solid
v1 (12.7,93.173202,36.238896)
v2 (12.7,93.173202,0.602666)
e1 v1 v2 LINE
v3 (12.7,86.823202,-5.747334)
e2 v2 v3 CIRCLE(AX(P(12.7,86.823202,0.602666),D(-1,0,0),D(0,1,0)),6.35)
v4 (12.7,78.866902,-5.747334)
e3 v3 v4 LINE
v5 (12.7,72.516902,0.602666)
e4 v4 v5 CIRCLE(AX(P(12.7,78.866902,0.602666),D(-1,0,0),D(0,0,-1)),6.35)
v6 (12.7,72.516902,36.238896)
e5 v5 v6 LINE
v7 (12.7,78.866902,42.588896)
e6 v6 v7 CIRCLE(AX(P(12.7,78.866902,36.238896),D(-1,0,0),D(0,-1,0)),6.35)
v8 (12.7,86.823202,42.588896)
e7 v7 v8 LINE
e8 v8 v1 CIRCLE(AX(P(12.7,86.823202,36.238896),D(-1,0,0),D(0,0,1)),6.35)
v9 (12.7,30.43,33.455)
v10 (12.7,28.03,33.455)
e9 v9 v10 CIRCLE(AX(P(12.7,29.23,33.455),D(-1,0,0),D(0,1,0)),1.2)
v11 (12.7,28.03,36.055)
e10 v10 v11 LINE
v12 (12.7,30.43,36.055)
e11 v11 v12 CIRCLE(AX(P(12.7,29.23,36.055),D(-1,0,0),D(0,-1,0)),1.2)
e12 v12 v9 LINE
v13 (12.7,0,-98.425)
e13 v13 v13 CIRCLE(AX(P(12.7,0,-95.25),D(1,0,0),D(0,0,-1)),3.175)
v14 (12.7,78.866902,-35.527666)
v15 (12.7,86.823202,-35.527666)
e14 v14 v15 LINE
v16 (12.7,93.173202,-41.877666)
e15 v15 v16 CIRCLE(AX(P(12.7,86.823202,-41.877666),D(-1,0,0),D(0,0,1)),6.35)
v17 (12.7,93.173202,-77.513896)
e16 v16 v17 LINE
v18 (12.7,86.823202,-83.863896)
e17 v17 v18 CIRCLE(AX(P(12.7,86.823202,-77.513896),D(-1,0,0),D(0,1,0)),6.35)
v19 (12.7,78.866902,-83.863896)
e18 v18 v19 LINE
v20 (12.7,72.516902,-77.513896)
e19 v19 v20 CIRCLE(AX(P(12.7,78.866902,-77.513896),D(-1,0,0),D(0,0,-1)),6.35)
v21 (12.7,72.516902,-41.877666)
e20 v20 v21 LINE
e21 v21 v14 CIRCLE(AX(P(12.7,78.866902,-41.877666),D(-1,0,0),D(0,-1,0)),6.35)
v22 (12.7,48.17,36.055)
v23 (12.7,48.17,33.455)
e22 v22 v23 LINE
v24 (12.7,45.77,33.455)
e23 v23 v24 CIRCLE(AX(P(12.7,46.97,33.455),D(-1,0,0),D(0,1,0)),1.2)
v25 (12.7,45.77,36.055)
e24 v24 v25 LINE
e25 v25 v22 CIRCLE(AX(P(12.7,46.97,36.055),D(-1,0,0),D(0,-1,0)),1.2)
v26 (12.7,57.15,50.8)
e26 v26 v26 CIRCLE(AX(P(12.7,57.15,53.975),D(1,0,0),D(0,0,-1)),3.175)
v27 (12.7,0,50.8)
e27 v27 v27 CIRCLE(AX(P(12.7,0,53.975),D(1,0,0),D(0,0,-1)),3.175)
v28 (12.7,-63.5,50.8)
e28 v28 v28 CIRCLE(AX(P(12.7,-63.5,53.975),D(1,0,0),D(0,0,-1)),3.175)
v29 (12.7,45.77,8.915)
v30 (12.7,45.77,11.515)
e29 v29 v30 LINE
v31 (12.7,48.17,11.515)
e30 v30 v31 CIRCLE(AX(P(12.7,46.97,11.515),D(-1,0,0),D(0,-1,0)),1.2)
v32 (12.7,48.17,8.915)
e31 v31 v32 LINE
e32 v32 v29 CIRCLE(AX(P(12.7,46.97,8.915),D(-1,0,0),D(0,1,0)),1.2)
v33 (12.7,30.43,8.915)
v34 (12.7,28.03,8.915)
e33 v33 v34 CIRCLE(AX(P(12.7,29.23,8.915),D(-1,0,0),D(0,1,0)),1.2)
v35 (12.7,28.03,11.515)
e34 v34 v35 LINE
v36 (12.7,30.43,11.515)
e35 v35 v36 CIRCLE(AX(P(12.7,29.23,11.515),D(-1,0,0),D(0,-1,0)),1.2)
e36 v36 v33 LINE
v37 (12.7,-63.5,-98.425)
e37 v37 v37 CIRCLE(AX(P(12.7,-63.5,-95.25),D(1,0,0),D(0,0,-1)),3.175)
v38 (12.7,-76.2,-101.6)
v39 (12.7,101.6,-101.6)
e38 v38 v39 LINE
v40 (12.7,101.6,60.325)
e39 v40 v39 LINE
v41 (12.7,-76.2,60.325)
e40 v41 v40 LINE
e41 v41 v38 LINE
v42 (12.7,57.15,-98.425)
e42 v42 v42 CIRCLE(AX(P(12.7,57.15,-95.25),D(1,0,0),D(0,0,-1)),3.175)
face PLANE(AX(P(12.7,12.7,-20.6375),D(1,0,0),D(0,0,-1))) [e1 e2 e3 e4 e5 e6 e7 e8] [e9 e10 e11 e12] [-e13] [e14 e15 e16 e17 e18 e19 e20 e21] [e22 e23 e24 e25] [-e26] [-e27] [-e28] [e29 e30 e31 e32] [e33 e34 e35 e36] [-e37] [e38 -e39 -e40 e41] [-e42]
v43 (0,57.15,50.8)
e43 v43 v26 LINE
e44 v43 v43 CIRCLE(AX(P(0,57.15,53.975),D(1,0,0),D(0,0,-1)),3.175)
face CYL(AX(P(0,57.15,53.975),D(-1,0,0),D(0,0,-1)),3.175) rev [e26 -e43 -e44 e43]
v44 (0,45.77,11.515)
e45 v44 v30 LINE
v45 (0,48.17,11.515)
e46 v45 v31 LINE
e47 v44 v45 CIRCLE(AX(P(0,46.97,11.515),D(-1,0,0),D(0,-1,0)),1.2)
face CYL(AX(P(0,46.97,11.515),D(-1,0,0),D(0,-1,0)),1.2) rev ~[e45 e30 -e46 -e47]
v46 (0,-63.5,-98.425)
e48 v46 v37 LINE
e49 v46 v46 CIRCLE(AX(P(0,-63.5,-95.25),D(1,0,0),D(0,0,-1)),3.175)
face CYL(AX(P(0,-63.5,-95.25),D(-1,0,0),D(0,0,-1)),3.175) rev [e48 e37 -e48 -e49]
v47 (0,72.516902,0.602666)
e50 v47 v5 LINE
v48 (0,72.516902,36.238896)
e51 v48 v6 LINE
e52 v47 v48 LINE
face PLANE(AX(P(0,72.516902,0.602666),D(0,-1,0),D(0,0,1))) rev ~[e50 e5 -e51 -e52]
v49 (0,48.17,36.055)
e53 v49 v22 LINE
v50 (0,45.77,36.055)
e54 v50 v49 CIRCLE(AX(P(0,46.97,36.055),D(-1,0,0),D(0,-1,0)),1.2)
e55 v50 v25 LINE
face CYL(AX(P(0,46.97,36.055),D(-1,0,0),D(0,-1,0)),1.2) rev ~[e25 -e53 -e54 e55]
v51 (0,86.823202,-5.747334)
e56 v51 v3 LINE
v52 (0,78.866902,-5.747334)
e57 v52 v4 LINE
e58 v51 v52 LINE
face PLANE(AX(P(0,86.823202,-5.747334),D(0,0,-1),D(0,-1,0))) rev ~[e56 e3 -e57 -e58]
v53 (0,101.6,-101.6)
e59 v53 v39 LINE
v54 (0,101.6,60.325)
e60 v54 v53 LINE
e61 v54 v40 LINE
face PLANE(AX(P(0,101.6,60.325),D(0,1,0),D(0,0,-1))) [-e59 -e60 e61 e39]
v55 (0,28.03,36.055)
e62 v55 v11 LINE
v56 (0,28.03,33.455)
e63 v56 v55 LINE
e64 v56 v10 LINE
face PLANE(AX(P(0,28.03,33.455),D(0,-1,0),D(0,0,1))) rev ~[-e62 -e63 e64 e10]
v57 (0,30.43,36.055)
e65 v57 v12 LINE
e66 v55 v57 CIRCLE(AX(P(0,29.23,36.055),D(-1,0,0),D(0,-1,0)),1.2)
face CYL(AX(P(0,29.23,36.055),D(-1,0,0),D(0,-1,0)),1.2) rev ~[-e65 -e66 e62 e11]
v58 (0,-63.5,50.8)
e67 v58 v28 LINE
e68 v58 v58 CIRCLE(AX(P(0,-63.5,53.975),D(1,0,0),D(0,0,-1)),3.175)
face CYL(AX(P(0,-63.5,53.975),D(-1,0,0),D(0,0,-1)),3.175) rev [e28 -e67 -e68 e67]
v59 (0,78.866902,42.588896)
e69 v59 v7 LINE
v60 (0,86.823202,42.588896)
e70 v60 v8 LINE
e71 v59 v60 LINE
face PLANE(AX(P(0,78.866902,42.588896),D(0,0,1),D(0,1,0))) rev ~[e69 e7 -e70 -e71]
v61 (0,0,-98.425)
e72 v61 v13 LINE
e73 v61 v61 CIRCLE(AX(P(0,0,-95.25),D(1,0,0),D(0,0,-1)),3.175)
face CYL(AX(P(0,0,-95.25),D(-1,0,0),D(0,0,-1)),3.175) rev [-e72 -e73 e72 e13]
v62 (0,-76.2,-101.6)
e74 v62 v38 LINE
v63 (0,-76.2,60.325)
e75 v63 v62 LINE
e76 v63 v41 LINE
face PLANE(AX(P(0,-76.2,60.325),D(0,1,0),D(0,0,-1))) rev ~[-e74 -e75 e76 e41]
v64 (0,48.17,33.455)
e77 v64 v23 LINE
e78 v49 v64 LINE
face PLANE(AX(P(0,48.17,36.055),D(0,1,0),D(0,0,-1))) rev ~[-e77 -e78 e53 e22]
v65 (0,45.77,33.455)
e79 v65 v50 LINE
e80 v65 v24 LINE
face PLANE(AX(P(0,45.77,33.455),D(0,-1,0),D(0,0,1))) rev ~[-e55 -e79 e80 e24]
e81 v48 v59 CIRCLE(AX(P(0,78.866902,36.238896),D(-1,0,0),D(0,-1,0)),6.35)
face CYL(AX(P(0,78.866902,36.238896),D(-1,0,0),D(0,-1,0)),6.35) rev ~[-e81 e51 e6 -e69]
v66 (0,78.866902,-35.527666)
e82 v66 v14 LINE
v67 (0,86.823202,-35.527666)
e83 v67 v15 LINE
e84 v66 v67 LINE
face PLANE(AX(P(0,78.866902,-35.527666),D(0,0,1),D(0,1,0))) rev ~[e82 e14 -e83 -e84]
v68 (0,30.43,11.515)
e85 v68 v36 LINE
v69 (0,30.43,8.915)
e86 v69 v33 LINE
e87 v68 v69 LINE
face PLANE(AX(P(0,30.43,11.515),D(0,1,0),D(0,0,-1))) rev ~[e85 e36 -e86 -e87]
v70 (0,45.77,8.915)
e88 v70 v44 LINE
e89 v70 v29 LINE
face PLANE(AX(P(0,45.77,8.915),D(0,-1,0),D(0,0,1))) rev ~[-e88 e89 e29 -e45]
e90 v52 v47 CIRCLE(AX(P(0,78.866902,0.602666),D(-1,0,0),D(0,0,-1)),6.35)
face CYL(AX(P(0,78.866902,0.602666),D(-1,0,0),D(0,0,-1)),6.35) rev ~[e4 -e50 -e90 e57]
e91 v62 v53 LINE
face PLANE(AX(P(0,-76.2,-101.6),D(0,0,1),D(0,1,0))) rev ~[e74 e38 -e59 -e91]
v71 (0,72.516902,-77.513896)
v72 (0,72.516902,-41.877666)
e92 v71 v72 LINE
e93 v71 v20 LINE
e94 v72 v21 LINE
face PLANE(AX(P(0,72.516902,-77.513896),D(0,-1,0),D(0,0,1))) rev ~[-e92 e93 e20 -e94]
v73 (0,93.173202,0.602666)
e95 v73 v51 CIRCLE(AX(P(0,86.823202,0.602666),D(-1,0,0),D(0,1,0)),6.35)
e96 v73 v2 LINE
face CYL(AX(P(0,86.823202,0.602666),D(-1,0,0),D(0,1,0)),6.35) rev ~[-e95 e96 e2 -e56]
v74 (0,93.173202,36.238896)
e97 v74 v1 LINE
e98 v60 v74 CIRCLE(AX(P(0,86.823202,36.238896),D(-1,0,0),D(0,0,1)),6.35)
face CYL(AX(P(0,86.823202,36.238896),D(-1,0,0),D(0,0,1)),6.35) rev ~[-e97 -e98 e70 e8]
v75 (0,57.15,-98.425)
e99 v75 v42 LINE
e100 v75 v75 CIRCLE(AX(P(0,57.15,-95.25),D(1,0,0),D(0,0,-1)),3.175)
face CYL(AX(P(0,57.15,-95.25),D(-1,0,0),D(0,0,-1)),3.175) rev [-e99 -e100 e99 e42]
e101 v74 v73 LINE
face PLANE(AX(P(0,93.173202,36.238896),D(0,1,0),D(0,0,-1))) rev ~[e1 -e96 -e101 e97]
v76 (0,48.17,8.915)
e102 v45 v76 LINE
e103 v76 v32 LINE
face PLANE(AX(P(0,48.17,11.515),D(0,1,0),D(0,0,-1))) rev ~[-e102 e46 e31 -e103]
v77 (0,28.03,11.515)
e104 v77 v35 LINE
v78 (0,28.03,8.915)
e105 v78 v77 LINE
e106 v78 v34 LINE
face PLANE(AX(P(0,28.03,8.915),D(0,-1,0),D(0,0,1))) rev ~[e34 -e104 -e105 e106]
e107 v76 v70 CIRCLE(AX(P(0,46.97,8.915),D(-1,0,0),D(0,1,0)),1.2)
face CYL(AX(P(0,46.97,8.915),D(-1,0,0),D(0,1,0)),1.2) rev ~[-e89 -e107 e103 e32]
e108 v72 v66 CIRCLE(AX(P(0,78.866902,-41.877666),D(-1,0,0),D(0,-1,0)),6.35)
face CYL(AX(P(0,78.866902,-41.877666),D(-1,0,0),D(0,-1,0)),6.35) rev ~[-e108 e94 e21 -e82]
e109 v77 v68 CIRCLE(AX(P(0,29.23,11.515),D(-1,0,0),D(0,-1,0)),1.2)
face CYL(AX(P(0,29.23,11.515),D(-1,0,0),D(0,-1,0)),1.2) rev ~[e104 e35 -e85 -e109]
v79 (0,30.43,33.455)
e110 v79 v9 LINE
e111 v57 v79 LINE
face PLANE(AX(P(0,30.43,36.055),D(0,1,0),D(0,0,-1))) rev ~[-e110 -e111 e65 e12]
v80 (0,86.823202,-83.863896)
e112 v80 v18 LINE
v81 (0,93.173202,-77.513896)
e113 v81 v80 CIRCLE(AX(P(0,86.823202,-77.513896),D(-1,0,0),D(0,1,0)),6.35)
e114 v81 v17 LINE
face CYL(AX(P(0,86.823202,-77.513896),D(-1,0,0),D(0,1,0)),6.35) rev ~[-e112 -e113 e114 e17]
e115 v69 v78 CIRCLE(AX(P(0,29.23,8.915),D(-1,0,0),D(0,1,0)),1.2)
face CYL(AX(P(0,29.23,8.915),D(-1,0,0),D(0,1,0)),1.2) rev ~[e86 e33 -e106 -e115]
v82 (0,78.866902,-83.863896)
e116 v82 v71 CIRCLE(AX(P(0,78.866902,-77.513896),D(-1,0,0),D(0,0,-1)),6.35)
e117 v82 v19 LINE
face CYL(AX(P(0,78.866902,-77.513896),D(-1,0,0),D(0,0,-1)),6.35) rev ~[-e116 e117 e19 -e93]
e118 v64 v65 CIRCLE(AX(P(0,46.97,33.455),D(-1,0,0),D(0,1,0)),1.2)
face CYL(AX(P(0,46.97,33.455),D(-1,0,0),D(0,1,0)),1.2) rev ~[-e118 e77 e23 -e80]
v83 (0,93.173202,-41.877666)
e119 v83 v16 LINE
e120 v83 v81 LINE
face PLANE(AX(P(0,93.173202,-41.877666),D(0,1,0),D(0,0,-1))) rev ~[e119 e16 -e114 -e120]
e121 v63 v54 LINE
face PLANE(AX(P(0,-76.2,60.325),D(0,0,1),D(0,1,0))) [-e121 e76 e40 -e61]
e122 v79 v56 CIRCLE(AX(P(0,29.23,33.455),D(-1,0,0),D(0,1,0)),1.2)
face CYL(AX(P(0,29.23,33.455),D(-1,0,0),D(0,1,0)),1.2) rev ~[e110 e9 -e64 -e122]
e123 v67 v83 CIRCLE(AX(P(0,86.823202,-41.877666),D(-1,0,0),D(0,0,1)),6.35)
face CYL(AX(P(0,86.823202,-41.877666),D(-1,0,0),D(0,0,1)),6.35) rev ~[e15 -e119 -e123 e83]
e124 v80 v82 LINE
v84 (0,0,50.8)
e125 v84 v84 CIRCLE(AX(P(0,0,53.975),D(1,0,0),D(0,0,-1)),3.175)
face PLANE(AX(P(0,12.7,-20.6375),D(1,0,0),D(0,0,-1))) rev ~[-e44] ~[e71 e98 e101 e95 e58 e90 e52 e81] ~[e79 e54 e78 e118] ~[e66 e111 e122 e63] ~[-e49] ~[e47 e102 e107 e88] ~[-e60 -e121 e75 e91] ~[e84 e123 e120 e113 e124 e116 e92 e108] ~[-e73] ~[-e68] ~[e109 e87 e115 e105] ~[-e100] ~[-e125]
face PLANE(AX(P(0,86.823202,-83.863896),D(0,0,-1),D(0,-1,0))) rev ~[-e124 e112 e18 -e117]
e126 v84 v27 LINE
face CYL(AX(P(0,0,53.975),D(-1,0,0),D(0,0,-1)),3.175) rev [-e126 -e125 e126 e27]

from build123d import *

# Parameters (mm, degrees)
SKETCH1_W           = 161.925
SKETCH1_H           = 177.8
SKETCH1_R           = 3.175
BOSS_EXTRUDE1_DEPTH = 12.7


with BuildPart() as part:
    # Sketch1 → Boss-Extrude1 (new body)
    with BuildSketch(Plane(origin=(0, 0, 0), x_dir=(0, 0, -1), z_dir=(1, 0, 0))):
        with Locations((20.6375, 12.7)):
            Rectangle(SKETCH1_W, SKETCH1_H)
        with Locations((-53.975, -63.5)):
            Circle(SKETCH1_R, mode=Mode.SUBTRACT)
        with Locations((-53.975, 0)):
            Circle(SKETCH1_R, mode=Mode.SUBTRACT)
        with Locations((95.25, -63.5)):
            Circle(SKETCH1_R, mode=Mode.SUBTRACT)
        with Locations((95.25, 0)):
            Circle(SKETCH1_R, mode=Mode.SUBTRACT)
        with BuildLine():
            ThreePointArc((-33.455, 30.43), (-32.255, 29.23), (-33.455, 28.03))
            Line((-33.455, 28.03), (-36.055, 28.03))
            ThreePointArc((-36.055, 28.03), (-37.255, 29.23), (-36.055, 30.43))
            Line((-36.055, 30.43), (-33.455, 30.43))
        make_face(mode=Mode.SUBTRACT)
        with BuildLine():
            Line((-36.055, 48.17), (-33.455, 48.17))
            ThreePointArc((-33.455, 48.17), (-32.255, 46.97), (-33.455, 45.77))
            Line((-33.455, 45.77), (-36.055, 45.77))
            ThreePointArc((-36.055, 45.77), (-37.255, 46.97), (-36.055, 48.17))
        make_face(mode=Mode.SUBTRACT)
        with BuildLine():
            ThreePointArc((-8.915, 30.43), (-7.715, 29.23), (-8.915, 28.03))
            Line((-8.915, 28.03), (-11.515, 28.03))
            ThreePointArc((-11.515, 28.03), (-12.715, 29.23), (-11.515, 30.43))
            Line((-11.515, 30.43), (-8.915, 30.43))
        make_face(mode=Mode.SUBTRACT)
        with Locations((-53.975, 57.15)):
            Circle(SKETCH1_R, mode=Mode.SUBTRACT)
        with BuildLine():
            Line((-42.588896299, 78.866901715), (-42.588896299, 86.823202123))
            ThreePointArc((-42.588896299, 86.823202123), (-40.729024359, 91.313330183), (-36.238896299, 93.173202123))
            Line((-36.238896299, 93.173202123), (-0.602666303, 93.173202123))
            ThreePointArc((-0.602666303, 93.173202123), (3.887461758, 91.313330183), (5.747333697, 86.823202123))
            Line((5.747333697, 86.823202123), (5.747333697, 78.866901715))
            ThreePointArc((5.747333697, 78.866901715), (3.887461758, 74.376773654), (-0.602666303, 72.516901715))
            Line((-0.602666303, 72.516901715), (-36.238896299, 72.516901715))
            ThreePointArc((-36.238896299, 72.516901715), (-40.729024359, 74.376773654), (-42.588896299, 78.866901715))
        make_face(mode=Mode.SUBTRACT)
        with Locations((95.25, 57.15)):
            Circle(SKETCH1_R, mode=Mode.SUBTRACT)
        with BuildLine():
            ThreePointArc((41.877666303, 72.516901715), (37.387538242, 74.376773654), (35.527666303, 78.866901715))
            Line((35.527666303, 78.866901715), (35.527666303, 86.823202123))
            ThreePointArc((35.527666303, 86.823202123), (37.387538242, 91.313330183), (41.877666303, 93.173202123))
            Line((41.877666303, 93.173202123), (77.513896299, 93.173202123))
            ThreePointArc((77.513896299, 93.173202123), (82.004024359, 91.313330183), (83.863896299, 86.823202123))
            Line((83.863896299, 86.823202123), (83.863896299, 78.866901715))
            ThreePointArc((83.863896299, 78.866901715), (82.004024359, 74.376773654), (77.513896299, 72.516901715))
            Line((77.513896299, 72.516901715), (41.877666303, 72.516901715))
        make_face(mode=Mode.SUBTRACT)
        with BuildLine():
            ThreePointArc((-11.515, 45.77), (-12.715, 46.97), (-11.515, 48.17))
            Line((-11.515, 48.17), (-8.915, 48.17))
            ThreePointArc((-8.915, 48.17), (-7.715, 46.97), (-8.915, 45.77))
            Line((-8.915, 45.77), (-11.515, 45.77))
        make_face(mode=Mode.SUBTRACT)
    extrude(amount=BOSS_EXTRUDE1_DEPTH)


solid = part.part
